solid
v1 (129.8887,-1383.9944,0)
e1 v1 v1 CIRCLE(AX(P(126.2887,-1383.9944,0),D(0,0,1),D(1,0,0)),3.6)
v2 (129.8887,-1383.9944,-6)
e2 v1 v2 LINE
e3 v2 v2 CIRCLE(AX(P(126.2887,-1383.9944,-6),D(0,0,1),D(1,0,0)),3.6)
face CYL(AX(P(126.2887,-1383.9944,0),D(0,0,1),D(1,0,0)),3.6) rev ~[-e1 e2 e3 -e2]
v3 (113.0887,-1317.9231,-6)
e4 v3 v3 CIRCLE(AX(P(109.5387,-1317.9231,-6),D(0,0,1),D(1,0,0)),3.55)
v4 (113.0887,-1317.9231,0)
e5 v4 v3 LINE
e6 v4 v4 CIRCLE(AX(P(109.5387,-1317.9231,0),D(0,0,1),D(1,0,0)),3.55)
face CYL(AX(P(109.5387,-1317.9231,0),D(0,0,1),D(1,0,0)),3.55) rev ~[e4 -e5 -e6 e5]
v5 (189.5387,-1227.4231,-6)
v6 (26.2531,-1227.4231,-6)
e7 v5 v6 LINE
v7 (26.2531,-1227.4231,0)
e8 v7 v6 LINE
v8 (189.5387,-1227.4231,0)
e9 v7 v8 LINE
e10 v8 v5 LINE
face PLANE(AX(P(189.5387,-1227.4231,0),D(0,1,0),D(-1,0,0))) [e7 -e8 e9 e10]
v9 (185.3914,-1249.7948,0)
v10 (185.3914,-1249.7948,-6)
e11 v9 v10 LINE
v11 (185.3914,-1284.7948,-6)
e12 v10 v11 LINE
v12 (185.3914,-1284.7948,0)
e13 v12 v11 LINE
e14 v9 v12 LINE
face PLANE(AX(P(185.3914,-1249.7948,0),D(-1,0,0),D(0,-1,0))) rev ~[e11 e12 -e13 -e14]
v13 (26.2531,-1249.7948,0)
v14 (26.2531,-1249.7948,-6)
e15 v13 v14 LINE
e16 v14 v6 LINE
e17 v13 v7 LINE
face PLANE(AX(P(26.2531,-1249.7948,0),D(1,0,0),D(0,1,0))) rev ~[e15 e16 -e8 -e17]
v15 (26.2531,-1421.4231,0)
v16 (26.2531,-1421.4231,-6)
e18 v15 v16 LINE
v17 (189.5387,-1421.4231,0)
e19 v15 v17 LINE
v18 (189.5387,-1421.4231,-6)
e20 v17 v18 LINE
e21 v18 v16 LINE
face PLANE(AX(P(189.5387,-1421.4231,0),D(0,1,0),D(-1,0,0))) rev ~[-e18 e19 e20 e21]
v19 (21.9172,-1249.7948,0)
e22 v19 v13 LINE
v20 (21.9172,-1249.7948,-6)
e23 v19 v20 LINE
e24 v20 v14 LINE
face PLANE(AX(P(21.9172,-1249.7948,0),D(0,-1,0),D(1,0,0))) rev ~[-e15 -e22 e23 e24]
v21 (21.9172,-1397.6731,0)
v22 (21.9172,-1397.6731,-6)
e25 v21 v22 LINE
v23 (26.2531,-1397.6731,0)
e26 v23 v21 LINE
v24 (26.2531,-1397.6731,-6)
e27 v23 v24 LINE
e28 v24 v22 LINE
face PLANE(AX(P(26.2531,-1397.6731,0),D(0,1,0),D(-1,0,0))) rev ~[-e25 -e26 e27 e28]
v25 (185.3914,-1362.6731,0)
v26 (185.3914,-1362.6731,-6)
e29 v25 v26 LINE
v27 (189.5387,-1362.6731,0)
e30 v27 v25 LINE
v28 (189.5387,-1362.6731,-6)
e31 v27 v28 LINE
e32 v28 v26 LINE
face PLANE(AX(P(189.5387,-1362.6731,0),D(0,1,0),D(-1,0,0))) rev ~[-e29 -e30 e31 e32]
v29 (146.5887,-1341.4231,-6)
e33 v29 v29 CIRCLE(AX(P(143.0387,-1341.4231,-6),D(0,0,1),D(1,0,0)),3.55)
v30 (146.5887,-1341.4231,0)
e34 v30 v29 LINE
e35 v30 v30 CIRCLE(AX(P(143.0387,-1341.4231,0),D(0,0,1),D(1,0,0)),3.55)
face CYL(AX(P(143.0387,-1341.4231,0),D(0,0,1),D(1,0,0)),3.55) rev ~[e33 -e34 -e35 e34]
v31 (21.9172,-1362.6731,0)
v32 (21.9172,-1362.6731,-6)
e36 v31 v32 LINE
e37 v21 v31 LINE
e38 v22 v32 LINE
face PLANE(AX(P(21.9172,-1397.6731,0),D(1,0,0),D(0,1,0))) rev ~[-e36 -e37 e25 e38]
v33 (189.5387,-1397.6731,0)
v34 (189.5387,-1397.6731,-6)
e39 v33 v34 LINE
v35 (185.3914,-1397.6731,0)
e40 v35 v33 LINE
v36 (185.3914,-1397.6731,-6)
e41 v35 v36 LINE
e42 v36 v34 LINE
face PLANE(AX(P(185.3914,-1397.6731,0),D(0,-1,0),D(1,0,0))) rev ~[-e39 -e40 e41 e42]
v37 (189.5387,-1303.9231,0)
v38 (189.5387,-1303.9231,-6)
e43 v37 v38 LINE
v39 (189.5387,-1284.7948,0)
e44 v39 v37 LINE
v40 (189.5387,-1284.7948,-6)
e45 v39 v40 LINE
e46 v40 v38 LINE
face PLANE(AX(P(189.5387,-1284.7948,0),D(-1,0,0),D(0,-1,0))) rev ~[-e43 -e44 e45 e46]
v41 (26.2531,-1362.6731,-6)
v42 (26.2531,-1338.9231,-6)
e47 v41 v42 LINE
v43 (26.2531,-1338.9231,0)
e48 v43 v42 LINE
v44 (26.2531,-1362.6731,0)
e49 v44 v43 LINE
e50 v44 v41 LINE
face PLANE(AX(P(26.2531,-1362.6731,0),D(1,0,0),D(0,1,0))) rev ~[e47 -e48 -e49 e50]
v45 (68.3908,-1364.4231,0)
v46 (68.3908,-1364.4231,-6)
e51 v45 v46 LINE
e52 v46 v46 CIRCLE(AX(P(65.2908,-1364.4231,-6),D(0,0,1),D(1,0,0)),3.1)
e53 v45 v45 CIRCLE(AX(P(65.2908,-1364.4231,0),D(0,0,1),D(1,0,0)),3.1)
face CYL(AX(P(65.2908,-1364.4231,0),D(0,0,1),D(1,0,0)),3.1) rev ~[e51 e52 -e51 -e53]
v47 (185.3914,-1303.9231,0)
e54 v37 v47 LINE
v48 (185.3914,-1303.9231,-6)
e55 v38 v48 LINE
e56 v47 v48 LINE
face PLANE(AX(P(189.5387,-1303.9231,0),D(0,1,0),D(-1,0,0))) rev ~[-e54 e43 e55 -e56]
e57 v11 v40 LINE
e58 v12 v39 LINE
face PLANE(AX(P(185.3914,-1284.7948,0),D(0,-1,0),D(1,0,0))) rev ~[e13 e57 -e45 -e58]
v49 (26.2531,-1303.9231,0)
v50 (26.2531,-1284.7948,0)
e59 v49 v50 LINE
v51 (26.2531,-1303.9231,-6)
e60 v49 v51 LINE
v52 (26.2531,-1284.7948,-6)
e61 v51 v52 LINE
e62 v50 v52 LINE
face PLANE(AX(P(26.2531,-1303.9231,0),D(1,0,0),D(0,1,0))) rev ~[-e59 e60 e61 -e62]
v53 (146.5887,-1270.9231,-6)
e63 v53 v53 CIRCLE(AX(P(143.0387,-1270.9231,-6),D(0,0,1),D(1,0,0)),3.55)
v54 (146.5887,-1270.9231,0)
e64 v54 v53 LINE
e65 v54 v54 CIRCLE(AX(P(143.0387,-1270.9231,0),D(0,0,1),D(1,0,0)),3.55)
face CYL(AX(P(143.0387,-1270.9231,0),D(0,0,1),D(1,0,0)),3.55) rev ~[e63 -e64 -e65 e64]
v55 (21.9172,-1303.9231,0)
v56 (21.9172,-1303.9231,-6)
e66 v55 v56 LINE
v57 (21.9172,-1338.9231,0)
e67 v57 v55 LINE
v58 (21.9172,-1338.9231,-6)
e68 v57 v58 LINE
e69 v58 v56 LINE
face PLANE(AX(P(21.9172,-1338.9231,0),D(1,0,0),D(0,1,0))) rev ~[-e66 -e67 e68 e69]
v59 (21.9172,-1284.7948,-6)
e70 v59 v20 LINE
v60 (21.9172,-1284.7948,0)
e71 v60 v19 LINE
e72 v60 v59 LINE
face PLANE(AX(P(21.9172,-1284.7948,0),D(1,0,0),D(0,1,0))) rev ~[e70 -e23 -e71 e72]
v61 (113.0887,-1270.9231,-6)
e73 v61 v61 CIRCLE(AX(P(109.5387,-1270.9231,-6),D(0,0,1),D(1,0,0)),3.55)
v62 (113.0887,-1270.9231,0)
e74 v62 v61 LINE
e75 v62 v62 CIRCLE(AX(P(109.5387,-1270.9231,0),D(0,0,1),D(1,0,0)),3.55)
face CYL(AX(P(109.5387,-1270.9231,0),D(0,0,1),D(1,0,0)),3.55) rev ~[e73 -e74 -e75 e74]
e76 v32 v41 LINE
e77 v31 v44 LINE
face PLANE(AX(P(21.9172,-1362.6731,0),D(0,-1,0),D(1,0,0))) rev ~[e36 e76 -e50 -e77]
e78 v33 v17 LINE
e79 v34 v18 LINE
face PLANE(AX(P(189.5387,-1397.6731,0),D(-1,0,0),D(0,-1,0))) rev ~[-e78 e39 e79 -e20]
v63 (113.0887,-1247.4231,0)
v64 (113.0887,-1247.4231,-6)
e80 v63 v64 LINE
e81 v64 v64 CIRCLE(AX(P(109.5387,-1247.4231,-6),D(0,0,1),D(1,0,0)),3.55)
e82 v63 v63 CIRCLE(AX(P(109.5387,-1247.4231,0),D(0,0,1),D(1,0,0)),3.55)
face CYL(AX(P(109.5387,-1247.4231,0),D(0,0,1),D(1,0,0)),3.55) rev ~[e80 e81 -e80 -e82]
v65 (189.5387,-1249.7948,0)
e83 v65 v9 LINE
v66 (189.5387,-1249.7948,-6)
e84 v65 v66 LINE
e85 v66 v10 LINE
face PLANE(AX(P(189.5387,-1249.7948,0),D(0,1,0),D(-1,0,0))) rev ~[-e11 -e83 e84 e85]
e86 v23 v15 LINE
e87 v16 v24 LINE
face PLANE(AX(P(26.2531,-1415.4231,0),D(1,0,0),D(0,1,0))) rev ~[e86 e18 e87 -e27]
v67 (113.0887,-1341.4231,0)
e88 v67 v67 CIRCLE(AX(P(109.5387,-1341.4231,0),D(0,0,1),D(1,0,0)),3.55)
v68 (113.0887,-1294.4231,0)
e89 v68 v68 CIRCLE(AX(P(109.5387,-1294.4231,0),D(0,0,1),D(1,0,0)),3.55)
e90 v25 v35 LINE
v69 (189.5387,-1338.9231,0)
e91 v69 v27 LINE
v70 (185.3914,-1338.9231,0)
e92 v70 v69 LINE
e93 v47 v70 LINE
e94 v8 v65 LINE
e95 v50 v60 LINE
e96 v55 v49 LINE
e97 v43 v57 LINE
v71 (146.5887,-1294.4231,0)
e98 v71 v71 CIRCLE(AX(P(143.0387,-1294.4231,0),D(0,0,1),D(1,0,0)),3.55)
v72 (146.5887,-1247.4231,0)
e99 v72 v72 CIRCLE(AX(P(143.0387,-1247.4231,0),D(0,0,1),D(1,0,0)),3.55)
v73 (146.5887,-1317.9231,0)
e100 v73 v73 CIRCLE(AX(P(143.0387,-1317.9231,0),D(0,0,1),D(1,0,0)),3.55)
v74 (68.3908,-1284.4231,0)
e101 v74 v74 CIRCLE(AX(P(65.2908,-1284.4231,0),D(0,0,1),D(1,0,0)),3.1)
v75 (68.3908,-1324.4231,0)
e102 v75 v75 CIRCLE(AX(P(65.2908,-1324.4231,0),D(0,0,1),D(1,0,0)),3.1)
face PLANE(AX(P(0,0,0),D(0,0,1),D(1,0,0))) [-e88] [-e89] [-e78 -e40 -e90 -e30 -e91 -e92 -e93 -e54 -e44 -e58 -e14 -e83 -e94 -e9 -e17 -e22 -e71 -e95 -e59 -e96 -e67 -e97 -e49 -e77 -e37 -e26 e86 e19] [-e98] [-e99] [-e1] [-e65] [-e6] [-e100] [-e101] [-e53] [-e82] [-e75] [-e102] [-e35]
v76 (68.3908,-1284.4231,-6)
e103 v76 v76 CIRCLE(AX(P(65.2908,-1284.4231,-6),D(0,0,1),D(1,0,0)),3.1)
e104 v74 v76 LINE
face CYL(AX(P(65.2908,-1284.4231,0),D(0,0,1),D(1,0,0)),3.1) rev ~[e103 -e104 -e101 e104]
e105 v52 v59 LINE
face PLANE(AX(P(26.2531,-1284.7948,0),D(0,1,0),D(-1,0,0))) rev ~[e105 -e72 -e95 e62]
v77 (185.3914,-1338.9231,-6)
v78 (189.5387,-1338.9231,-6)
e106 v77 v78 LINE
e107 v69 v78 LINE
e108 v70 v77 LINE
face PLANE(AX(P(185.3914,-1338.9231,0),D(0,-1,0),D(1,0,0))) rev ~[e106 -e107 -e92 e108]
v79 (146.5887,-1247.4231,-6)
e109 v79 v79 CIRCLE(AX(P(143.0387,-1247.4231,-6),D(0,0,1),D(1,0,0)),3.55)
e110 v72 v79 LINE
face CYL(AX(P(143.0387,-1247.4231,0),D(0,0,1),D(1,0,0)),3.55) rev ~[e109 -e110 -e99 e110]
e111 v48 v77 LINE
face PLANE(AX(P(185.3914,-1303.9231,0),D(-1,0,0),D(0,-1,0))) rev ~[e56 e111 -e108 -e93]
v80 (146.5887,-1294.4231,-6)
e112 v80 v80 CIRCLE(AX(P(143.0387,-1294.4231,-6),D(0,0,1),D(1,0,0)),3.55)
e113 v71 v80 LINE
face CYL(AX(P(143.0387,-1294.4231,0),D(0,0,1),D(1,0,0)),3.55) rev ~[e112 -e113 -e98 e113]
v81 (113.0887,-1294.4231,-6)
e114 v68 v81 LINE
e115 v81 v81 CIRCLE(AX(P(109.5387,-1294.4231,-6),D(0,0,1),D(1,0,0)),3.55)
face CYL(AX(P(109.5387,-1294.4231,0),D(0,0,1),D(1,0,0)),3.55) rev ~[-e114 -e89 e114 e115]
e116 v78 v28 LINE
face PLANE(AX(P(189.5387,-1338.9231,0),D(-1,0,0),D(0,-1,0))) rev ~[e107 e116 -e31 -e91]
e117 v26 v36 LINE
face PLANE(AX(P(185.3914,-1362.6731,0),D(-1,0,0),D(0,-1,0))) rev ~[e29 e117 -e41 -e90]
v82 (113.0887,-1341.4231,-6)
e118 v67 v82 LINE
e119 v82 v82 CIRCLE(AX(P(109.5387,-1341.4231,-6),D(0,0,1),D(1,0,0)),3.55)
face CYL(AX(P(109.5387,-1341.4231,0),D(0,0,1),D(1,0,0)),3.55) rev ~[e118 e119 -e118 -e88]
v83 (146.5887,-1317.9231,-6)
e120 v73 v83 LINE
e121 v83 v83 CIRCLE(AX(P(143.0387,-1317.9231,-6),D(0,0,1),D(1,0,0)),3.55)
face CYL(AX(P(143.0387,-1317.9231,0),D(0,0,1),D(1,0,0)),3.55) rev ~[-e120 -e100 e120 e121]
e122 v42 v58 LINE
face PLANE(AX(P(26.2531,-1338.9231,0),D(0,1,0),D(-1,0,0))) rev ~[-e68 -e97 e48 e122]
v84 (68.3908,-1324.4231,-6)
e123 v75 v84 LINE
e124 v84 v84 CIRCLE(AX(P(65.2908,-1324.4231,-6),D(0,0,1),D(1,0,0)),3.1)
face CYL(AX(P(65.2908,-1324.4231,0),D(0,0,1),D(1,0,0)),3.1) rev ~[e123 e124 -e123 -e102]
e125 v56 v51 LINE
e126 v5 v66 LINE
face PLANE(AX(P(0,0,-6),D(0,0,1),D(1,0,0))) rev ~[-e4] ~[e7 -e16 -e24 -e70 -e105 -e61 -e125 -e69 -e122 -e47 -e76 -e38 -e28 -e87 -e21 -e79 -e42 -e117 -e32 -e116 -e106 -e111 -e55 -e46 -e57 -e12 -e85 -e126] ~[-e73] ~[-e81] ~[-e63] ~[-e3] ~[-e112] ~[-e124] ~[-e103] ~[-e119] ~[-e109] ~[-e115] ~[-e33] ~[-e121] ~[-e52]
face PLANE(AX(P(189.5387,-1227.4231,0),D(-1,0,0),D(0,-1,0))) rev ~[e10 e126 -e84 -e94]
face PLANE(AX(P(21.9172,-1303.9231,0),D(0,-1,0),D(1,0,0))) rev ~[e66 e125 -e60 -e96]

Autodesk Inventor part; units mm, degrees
ref_plane "YZ Plane" through (0, 0, 0) normal (1, 0, 0) x (0, 1, 0)
ref_plane "XZ Plane" through (0, 0, 0) normal (0, 1, 0) x (-1, 0, 0)
ref_plane "XY Plane" through (0, 0, 0) normal (0, 0, 1) x (1, 0, 0)
sketch "Sketch1" plane through (0, 0, 0) normal (0, 0, 1) x (1, 0, 0)
  line L0 (189.5387, -1221.4231) -> (189.5387, -1249.7948) projected
  line L1 (189.5387, -1249.7948) -> (185.3914, -1249.7948) projected
  line L2 (185.3914, -1227.4231) -> (26.2531, -1227.4231) projected
  line L3 (189.5387, -1227.4231) -> (185.3914, -1227.4231) projected
  line L4 (185.3914, -1249.7948) -> (185.3914, -1284.7948) projected
  line L5 (185.3914, -1284.7948) -> (189.5387, -1284.7948) projected
  line L6 (189.5387, -1284.7948) -> (189.5387, -1303.9231) projected
  line L7 (189.5387, -1303.9231) -> (185.3914, -1303.9231) projected
  line L8 (185.3914, -1303.9231) -> (185.3914, -1338.9231) projected
  line L9 (189.5387, -1338.9231) -> (189.5387, -1362.6731) projected
  line L10 (185.3914, -1338.9231) -> (189.5387, -1338.9231) projected
  line L11 (189.5387, -1362.6731) -> (185.3914, -1362.6731) projected
  line L12 (185.3914, -1362.6731) -> (185.3914, -1397.6731) projected
  line L13 (185.3914, -1397.6731) -> (189.5387, -1397.6731) projected
  line L14 (189.5387, -1397.6731) -> (189.5387, -1421.4231) projected
  line L15 (189.5387, -1421.4231) -> (185.3914, -1421.4231) projected
  line L16 (185.3914, -1421.4231) -> (26.2531, -1421.4231) projected
  line L17 (26.2531, -1415.4231) -> (26.2531, -1421.4231) projected
  line L18 (26.2531, -1421.4231) -> (26.2531, -1397.6731) projected
  line L19 (26.2531, -1397.6731) -> (21.9172, -1397.6731) projected
  line L20 (21.9172, -1397.6731) -> (21.9172, -1362.6731) projected
  line L21 (21.9172, -1362.6731) -> (26.2531, -1362.6731) projected
  line L22 (26.2531, -1362.6731) -> (26.2531, -1338.9231) projected
  line L23 (26.2531, -1338.9231) -> (21.9172, -1338.9231) projected
  line L24 (21.9172, -1338.9231) -> (21.9172, -1303.9231) projected
  line L25 (21.9172, -1303.9231) -> (26.2531, -1303.9231) projected
  line L26 (26.2531, -1303.9231) -> (26.2531, -1284.7948) projected
  line L27 (26.2531, -1284.7948) -> (21.9172, -1284.7948) projected
  line L28 (21.9172, -1284.7948) -> (21.9172, -1249.7948) projected
  line L29 (21.9172, -1249.7948) -> (26.2531, -1249.7948) projected
  line L30 (26.2531, -1249.7948) -> (26.2531, -1221.4231) projected
  line L31 (-159.1383, -1249.7948) -> (-159.1383, -1221.4231)
  point P0 (0, 0)
extrude "Extrusion1" add sketch "Sketch1" against normal blind 6
sketch "Sketch2" plane through (0, 0, 0) normal (0, 0, 1) x (1, 0, 0)
  circle A0 centre (109.5387, -1341.4231) radius 3.55
  line L0 (26.2531, -1421.4231) -> (189.5387, -1421.4231) projected
  line L1 (21.9172, -1362.6731) -> (21.9172, -1397.6731) projected
  line L2 (189.5387, -1421.4231) -> (189.5387, -1397.6731) projected
  point P0 (0, 0)
  dimension "d2" = 7.1
  dimension "d3" = 80
  dimension "d13" = 80
extrude "Extrusion2" cut sketch "Sketch2" against normal through all
pattern_linear "Rectangular Pattern1" count 5 spacing 23.5 along (0, 1, 0) count 2 spacing 33.5 along (1, 0, 0) of "Extrusion2"
sketch "Sketch3" plane through (0, 0, 0) normal (0, 0, 1) x (1, 0, 0)
  circle A0 centre (143.0387, -1341.4231) radius 3.55 construction
  circle A1 centre (109.5387, -1341.4231) radius 3.55 construction
  line L0 (143.0387, -1341.4231) -> (109.5387, -1341.4231) construction
  line L1 (126.2887, -1341.4231) -> (126.2887, -1398.6918) construction
  circle A2 centre (126.2887, -1383.9944) radius 3.6
  point P0 (0, 0)
  dimension "d14" = 7.2
extrude "Extrusion3" cut sketch "Sketch3" against normal through all
sketch "Sketch4" plane through (0, 0, 0) normal (0, 0, 1) x (1, 0, 0)
  circle A0 centre (65.2908, -1284.4231) radius 3.1
  line L0 (189.5387, -1227.4231) -> (26.2531, -1227.4231) projected
  circle A1 centre (65.2908, -1324.4231) radius 3.1
  circle A2 centre (65.2908, -1364.4231) radius 3.1
  line L1 (26.2531, -1421.4231) -> (189.5387, -1421.4231) projected
  point P0 (0, 0)
  dimension "d17" = 6.2
  dimension "d18" = 57
  dimension "d19" = 6.2
  dimension "d20" = 6.2
  dimension "d21" = 40
  dimension "d22" = 40
  dimension "d23" = 57
extrude "Extrusion4" cut sketch "Sketch4" against normal through all
properties part number "Frontpanel"
